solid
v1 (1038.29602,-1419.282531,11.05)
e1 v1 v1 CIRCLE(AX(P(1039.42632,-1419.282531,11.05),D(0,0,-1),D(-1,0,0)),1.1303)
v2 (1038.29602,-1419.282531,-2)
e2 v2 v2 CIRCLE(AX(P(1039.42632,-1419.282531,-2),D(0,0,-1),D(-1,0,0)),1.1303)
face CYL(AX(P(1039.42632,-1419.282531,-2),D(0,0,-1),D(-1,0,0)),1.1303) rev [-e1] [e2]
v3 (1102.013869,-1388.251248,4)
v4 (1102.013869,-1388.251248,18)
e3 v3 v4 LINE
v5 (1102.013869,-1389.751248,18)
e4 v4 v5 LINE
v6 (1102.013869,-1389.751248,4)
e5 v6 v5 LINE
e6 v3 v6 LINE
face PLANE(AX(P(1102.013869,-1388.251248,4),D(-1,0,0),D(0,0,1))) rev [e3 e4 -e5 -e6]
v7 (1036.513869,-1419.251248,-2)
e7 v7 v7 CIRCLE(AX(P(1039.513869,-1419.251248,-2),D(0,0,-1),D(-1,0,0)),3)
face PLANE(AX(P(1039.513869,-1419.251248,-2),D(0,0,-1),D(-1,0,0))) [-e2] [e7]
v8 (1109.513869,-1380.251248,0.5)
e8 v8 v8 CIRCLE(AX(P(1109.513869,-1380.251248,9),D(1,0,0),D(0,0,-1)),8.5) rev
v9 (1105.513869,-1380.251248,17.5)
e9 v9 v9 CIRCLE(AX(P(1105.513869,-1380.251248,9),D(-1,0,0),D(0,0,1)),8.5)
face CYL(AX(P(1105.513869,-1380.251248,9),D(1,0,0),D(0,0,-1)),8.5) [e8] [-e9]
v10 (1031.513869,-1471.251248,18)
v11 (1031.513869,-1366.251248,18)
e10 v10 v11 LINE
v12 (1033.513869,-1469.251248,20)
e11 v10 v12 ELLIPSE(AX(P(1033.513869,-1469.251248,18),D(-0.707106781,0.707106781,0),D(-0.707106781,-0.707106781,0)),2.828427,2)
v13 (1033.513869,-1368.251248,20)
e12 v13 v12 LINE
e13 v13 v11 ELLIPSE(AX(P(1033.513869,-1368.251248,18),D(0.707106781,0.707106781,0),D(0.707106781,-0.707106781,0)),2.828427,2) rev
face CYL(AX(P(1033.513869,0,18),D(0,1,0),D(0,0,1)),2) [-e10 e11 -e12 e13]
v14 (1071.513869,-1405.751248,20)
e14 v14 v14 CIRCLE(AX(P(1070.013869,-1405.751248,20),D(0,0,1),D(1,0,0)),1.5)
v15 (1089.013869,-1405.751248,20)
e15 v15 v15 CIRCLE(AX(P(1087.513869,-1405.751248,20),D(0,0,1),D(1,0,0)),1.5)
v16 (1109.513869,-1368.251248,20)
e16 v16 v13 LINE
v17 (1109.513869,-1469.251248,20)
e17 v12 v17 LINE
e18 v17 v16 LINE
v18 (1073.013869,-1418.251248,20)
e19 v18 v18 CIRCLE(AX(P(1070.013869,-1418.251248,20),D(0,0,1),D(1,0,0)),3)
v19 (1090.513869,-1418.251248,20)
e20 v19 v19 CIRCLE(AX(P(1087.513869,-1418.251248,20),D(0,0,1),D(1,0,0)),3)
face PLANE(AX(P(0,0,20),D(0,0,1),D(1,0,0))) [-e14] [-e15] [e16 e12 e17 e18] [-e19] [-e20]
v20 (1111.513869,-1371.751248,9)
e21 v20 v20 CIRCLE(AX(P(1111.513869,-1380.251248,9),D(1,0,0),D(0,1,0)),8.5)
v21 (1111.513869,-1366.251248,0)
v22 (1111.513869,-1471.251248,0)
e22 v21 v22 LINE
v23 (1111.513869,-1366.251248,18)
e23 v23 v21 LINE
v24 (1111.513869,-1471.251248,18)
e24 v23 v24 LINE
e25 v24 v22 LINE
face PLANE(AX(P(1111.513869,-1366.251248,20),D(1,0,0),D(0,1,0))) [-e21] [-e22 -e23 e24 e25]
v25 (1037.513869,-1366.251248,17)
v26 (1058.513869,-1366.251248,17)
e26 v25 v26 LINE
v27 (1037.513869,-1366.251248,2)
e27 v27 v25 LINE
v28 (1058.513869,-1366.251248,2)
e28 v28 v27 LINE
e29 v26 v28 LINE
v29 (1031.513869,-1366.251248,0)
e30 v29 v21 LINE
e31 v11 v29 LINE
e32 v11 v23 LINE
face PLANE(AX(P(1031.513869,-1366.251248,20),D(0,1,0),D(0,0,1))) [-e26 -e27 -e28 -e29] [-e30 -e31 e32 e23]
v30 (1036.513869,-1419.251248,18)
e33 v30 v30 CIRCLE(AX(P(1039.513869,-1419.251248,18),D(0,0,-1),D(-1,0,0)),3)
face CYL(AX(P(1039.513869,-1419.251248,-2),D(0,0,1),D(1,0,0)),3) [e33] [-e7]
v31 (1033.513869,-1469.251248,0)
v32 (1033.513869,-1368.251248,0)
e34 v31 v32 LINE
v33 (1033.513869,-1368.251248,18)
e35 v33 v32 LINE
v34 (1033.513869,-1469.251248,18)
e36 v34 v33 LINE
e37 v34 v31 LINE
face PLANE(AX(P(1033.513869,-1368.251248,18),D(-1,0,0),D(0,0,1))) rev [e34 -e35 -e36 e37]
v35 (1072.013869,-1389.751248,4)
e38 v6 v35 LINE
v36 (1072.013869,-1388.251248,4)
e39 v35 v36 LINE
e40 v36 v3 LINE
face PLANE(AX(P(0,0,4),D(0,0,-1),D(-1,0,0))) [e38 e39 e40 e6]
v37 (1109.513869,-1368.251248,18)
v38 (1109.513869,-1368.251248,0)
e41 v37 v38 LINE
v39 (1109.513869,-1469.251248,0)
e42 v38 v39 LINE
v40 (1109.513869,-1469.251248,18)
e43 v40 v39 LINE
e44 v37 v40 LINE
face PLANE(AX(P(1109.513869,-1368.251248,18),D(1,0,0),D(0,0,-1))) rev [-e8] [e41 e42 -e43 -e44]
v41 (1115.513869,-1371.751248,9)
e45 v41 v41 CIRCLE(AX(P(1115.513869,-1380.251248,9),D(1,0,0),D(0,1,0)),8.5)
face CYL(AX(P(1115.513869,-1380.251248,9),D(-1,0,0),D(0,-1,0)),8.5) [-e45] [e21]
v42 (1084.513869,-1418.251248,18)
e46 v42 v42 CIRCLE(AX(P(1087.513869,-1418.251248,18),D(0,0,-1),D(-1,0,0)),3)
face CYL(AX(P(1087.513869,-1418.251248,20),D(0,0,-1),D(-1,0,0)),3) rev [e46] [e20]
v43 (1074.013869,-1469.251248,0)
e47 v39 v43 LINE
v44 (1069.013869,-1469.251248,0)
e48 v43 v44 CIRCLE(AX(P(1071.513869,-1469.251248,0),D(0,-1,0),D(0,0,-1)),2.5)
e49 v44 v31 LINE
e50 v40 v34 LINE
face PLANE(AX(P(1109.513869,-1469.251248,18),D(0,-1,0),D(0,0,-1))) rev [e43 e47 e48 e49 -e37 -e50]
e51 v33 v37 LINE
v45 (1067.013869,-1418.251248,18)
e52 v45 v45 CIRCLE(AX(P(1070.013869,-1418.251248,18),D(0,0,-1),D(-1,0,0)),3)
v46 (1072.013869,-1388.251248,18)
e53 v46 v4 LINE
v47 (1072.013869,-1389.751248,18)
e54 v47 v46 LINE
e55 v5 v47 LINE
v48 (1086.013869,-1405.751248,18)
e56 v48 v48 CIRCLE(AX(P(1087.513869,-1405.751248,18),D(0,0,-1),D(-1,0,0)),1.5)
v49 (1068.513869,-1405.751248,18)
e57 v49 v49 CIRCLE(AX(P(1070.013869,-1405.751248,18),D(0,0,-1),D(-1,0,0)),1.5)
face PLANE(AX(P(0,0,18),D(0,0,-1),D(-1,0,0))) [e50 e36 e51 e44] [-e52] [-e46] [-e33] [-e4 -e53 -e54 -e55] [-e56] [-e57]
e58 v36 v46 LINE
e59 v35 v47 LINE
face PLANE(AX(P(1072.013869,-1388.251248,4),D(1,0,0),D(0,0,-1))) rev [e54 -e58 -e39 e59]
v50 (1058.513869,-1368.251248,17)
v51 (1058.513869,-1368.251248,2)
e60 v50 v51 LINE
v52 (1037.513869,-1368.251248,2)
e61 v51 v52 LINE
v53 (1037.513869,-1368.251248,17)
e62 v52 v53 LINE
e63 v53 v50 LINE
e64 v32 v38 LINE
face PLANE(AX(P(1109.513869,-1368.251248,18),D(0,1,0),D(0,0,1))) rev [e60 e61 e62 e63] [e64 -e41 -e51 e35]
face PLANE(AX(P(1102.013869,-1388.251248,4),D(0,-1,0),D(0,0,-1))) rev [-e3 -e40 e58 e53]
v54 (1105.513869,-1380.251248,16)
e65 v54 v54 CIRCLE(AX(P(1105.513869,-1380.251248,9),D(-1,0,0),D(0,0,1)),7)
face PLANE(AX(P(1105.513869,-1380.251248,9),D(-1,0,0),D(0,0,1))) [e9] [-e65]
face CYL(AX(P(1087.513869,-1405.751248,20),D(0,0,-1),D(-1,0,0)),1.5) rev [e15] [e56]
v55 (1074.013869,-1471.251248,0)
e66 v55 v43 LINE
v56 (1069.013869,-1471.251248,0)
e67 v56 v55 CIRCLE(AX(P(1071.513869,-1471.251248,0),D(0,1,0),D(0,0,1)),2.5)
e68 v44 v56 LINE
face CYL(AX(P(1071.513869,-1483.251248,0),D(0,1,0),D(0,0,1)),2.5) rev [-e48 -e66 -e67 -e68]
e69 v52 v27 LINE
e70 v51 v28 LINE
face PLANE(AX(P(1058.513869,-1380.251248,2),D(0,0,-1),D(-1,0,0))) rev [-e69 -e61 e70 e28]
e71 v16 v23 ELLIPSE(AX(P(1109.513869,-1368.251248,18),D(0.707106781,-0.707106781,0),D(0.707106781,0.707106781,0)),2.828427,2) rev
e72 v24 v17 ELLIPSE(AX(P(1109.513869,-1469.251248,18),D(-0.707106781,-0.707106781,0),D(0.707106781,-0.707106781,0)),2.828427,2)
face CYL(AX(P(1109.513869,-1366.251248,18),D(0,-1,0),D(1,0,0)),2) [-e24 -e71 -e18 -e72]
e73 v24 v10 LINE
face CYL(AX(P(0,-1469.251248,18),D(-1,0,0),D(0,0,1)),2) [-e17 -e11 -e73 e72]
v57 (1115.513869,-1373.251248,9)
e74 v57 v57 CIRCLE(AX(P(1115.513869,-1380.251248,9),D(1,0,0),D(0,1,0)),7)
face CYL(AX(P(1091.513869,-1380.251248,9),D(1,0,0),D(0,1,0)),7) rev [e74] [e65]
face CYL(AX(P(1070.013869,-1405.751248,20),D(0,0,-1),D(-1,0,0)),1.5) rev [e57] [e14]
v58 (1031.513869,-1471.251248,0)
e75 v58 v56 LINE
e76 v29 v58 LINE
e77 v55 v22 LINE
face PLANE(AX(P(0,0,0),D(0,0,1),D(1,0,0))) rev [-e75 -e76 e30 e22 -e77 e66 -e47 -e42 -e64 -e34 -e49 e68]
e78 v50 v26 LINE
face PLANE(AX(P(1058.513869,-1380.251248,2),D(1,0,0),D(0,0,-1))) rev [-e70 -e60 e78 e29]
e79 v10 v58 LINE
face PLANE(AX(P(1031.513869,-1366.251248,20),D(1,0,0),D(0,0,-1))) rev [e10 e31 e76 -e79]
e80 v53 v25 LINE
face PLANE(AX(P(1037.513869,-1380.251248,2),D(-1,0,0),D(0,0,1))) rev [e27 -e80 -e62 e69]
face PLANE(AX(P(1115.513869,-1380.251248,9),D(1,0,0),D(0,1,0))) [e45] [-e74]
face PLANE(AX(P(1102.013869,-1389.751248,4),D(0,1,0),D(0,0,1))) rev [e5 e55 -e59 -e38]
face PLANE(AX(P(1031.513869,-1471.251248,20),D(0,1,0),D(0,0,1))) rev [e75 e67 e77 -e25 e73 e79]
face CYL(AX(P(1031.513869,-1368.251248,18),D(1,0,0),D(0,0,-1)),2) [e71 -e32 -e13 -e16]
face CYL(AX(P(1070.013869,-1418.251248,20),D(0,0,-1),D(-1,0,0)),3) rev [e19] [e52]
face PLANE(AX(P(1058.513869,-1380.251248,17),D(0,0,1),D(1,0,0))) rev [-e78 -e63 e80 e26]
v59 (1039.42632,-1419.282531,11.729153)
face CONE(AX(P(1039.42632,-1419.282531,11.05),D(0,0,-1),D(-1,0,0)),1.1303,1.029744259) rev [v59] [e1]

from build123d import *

# Parameters (mm, degrees)
SKETCH1_W                     = 80
SKETCH1_H                     = 105
BOSS_EXTRUDE1_DEPTH           = 20
CUT_EXTRUDE4_DEPTH            = 20
CUT_EXTRUDE4_DEPTH_BACK       = 20
SKETCH1_3_R                   = 3
SKETCH1_3_R_2                 = 1.5
SKETCH2_W                     = 76
SKETCH2_H                     = 101
CUT_EXTRUDE5_DEPTH            = 18
SKETCH3_R                     = 6.5
CUT_EXTRUDE6_DEPTH            = 18
SKETCH5_R                     = 8.5
BOSS_EXTRUDE2_DEPTH           = 4
BOSS_EXTRUDE3_START           = 4
SKETCH6_R                     = 8.5
BOSS_EXTRUDE3_DEPTH           = 4
SKETCH7_R                     = 7
CUT_EXTRUDE7_DEPTH            = 24
SKETCH8_W                     = 30
SKETCH8_H                     = 1.5
BOSS_EXTRUDE4_DEPTH           = 14
SKETCH9_R                     = 2.5
CUT_EXTRUDE8_DEPTH            = 14
SKETCH10_W                    = 21
SKETCH10_H                    = 15
CUT_EXTRUDE9_DEPTH            = 14
FILLET1_R                     = 2
SKETCH11_R                    = 3
BOSS_EXTRUDE5_DEPTH           = 20
TAP_DRILL_FOR_4_40_TAP2_D     = 2.2606
TAP_DRILL_FOR_4_40_TAP2_DEPTH = 13.05
TAP_DRILL_FOR_4_40_TAP2_TIP   = 0.679152758


with BuildPart() as part:
    # Sketch1 → Boss-Extrude1 (new body)
    with BuildSketch(Plane.XY):
        with Locations((1071.513868959, -1418.75124805)):
            Rectangle(SKETCH1_W, SKETCH1_H)
    extrude(amount=BOSS_EXTRUDE1_DEPTH)

    # Sketch1<3> → Cut-Extrude4 (cut, two sides: drawn at the far end of the back side and taken through both)
    with BuildSketch(Plane.XY.offset(-CUT_EXTRUDE4_DEPTH_BACK)):
        with Locations((1087.513868959, -1418.25124805)):
            Circle(SKETCH1_3_R)
        with Locations((1070.013868959, -1418.25124805)):
            Circle(SKETCH1_3_R)
        with Locations((1087.513868959, -1405.75124805)):
            Circle(SKETCH1_3_R_2)
        with Locations((1070.013868959, -1405.75124805)):
            Circle(SKETCH1_3_R_2)
    extrude(amount=CUT_EXTRUDE4_DEPTH + CUT_EXTRUDE4_DEPTH_BACK, mode=Mode.SUBTRACT)

    # Sketch2 → Cut-Extrude5 (cut)
    with BuildSketch(Plane(origin=(0, 0, 0), x_dir=(-1, 0, 0), z_dir=(0, 0, -1))):
        with Locations((-1071.513868959, -1418.75124805)):
            Rectangle(SKETCH2_W, SKETCH2_H)
    extrude(amount=-CUT_EXTRUDE5_DEPTH, mode=Mode.SUBTRACT)

    # Sketch3 → Cut-Extrude6 (cut)
    with BuildSketch(Plane.ZY.offset(-1109.513868959)):
        with Locations((9, -1380.25124805)):
            Circle(SKETCH3_R)
    extrude(amount=-CUT_EXTRUDE6_DEPTH, mode=Mode.SUBTRACT)

    # Sketch5 → Boss-Extrude2 (add)
    with BuildSketch(Plane(origin=(1111.513868959, 0, 0), x_dir=(0, 0, -1), z_dir=(1, 0, 0))):
        with Locations((-9, -1380.25124805)):
            Circle(SKETCH5_R)
    extrude(amount=BOSS_EXTRUDE2_DEPTH)

    # Sketch6 → Boss-Extrude3 (add)
    with BuildSketch(Plane.ZY.offset(-1109.513868959).offset(BOSS_EXTRUDE3_START)):
        with Locations((9, -1380.25124805)):
            Circle(SKETCH6_R)
    extrude(amount=-BOSS_EXTRUDE3_DEPTH)

    # Sketch7 → Cut-Extrude7 (cut)
    with BuildSketch(Plane(origin=(1115.513868959, 0, 0), x_dir=(0, 0, -1), z_dir=(1, 0, 0))):
        with Locations((-9, -1380.25124805)):
            Circle(SKETCH7_R)
    extrude(amount=-CUT_EXTRUDE7_DEPTH, mode=Mode.SUBTRACT)

    # Sketch8 → Boss-Extrude4 (add)
    with BuildSketch(Plane(origin=(0, 0, 18), x_dir=(-1, 0, 0), z_dir=(0, 0, -1))):
        with Locations((-1087.013868959, -1389.00124805)):
            Rectangle(SKETCH8_W, SKETCH8_H)
    extrude(amount=BOSS_EXTRUDE4_DEPTH)

    # Sketch9 → Cut-Extrude8 (cut)
    with BuildSketch(Plane(origin=(0, -1469.25124805, 0), x_dir=(1, 0, 0), z_dir=(0, 1, 0))):
        with Locations((1071.513868959, 0)):
            Circle(SKETCH9_R)
    extrude(amount=-CUT_EXTRUDE8_DEPTH, mode=Mode.SUBTRACT)

    # Sketch10 → Cut-Extrude9 (cut)
    with BuildSketch(Plane(origin=(0, -1366.25124805, 0), x_dir=(1, 0, 0), z_dir=(0, 1, 0))):
        with Locations((1048.013868959, -9.5)):
            Rectangle(SKETCH10_W, SKETCH10_H)
    extrude(amount=-CUT_EXTRUDE9_DEPTH, mode=Mode.SUBTRACT)

    # Fillet1
    fillet1_edges = [part.edges().sort_by_distance(p)[0] for p in [
        (1031.513868959, -1418.75124805, 20),
        (1071.513868959, -1471.25124805, 20),
        (1111.513868959, -1418.75124805, 20),
        (1071.513868959, -1366.25124805, 20),
    ]]
    fillet(fillet1_edges, radius=FILLET1_R)

    # Sketch11 → Boss-Extrude5 (add)
    with BuildSketch(Plane(origin=(0, 0, 18), x_dir=(-1, 0, 0), z_dir=(0, 0, -1))):
        with Locations((-1039.513868959, -1419.25124805)):
            Circle(SKETCH11_R)
    extrude(amount=BOSS_EXTRUDE5_DEPTH)

    # Tap Drill for #4-40 Tap2
    with Locations(Plane(origin=(0, 0, -2), x_dir=(-1, 0, 0), z_dir=(0, 0, -1))):
        with Locations((-1039.426320133, -1419.282531473)):
            Hole(TAP_DRILL_FOR_4_40_TAP2_D / 2, depth=TAP_DRILL_FOR_4_40_TAP2_DEPTH)
            with Locations((0, 0, -(TAP_DRILL_FOR_4_40_TAP2_DEPTH + TAP_DRILL_FOR_4_40_TAP2_TIP / 2))):  # 118° drill point
                Cone(0, TAP_DRILL_FOR_4_40_TAP2_D / 2, TAP_DRILL_FOR_4_40_TAP2_TIP, mode=Mode.SUBTRACT)


solid = part.part
